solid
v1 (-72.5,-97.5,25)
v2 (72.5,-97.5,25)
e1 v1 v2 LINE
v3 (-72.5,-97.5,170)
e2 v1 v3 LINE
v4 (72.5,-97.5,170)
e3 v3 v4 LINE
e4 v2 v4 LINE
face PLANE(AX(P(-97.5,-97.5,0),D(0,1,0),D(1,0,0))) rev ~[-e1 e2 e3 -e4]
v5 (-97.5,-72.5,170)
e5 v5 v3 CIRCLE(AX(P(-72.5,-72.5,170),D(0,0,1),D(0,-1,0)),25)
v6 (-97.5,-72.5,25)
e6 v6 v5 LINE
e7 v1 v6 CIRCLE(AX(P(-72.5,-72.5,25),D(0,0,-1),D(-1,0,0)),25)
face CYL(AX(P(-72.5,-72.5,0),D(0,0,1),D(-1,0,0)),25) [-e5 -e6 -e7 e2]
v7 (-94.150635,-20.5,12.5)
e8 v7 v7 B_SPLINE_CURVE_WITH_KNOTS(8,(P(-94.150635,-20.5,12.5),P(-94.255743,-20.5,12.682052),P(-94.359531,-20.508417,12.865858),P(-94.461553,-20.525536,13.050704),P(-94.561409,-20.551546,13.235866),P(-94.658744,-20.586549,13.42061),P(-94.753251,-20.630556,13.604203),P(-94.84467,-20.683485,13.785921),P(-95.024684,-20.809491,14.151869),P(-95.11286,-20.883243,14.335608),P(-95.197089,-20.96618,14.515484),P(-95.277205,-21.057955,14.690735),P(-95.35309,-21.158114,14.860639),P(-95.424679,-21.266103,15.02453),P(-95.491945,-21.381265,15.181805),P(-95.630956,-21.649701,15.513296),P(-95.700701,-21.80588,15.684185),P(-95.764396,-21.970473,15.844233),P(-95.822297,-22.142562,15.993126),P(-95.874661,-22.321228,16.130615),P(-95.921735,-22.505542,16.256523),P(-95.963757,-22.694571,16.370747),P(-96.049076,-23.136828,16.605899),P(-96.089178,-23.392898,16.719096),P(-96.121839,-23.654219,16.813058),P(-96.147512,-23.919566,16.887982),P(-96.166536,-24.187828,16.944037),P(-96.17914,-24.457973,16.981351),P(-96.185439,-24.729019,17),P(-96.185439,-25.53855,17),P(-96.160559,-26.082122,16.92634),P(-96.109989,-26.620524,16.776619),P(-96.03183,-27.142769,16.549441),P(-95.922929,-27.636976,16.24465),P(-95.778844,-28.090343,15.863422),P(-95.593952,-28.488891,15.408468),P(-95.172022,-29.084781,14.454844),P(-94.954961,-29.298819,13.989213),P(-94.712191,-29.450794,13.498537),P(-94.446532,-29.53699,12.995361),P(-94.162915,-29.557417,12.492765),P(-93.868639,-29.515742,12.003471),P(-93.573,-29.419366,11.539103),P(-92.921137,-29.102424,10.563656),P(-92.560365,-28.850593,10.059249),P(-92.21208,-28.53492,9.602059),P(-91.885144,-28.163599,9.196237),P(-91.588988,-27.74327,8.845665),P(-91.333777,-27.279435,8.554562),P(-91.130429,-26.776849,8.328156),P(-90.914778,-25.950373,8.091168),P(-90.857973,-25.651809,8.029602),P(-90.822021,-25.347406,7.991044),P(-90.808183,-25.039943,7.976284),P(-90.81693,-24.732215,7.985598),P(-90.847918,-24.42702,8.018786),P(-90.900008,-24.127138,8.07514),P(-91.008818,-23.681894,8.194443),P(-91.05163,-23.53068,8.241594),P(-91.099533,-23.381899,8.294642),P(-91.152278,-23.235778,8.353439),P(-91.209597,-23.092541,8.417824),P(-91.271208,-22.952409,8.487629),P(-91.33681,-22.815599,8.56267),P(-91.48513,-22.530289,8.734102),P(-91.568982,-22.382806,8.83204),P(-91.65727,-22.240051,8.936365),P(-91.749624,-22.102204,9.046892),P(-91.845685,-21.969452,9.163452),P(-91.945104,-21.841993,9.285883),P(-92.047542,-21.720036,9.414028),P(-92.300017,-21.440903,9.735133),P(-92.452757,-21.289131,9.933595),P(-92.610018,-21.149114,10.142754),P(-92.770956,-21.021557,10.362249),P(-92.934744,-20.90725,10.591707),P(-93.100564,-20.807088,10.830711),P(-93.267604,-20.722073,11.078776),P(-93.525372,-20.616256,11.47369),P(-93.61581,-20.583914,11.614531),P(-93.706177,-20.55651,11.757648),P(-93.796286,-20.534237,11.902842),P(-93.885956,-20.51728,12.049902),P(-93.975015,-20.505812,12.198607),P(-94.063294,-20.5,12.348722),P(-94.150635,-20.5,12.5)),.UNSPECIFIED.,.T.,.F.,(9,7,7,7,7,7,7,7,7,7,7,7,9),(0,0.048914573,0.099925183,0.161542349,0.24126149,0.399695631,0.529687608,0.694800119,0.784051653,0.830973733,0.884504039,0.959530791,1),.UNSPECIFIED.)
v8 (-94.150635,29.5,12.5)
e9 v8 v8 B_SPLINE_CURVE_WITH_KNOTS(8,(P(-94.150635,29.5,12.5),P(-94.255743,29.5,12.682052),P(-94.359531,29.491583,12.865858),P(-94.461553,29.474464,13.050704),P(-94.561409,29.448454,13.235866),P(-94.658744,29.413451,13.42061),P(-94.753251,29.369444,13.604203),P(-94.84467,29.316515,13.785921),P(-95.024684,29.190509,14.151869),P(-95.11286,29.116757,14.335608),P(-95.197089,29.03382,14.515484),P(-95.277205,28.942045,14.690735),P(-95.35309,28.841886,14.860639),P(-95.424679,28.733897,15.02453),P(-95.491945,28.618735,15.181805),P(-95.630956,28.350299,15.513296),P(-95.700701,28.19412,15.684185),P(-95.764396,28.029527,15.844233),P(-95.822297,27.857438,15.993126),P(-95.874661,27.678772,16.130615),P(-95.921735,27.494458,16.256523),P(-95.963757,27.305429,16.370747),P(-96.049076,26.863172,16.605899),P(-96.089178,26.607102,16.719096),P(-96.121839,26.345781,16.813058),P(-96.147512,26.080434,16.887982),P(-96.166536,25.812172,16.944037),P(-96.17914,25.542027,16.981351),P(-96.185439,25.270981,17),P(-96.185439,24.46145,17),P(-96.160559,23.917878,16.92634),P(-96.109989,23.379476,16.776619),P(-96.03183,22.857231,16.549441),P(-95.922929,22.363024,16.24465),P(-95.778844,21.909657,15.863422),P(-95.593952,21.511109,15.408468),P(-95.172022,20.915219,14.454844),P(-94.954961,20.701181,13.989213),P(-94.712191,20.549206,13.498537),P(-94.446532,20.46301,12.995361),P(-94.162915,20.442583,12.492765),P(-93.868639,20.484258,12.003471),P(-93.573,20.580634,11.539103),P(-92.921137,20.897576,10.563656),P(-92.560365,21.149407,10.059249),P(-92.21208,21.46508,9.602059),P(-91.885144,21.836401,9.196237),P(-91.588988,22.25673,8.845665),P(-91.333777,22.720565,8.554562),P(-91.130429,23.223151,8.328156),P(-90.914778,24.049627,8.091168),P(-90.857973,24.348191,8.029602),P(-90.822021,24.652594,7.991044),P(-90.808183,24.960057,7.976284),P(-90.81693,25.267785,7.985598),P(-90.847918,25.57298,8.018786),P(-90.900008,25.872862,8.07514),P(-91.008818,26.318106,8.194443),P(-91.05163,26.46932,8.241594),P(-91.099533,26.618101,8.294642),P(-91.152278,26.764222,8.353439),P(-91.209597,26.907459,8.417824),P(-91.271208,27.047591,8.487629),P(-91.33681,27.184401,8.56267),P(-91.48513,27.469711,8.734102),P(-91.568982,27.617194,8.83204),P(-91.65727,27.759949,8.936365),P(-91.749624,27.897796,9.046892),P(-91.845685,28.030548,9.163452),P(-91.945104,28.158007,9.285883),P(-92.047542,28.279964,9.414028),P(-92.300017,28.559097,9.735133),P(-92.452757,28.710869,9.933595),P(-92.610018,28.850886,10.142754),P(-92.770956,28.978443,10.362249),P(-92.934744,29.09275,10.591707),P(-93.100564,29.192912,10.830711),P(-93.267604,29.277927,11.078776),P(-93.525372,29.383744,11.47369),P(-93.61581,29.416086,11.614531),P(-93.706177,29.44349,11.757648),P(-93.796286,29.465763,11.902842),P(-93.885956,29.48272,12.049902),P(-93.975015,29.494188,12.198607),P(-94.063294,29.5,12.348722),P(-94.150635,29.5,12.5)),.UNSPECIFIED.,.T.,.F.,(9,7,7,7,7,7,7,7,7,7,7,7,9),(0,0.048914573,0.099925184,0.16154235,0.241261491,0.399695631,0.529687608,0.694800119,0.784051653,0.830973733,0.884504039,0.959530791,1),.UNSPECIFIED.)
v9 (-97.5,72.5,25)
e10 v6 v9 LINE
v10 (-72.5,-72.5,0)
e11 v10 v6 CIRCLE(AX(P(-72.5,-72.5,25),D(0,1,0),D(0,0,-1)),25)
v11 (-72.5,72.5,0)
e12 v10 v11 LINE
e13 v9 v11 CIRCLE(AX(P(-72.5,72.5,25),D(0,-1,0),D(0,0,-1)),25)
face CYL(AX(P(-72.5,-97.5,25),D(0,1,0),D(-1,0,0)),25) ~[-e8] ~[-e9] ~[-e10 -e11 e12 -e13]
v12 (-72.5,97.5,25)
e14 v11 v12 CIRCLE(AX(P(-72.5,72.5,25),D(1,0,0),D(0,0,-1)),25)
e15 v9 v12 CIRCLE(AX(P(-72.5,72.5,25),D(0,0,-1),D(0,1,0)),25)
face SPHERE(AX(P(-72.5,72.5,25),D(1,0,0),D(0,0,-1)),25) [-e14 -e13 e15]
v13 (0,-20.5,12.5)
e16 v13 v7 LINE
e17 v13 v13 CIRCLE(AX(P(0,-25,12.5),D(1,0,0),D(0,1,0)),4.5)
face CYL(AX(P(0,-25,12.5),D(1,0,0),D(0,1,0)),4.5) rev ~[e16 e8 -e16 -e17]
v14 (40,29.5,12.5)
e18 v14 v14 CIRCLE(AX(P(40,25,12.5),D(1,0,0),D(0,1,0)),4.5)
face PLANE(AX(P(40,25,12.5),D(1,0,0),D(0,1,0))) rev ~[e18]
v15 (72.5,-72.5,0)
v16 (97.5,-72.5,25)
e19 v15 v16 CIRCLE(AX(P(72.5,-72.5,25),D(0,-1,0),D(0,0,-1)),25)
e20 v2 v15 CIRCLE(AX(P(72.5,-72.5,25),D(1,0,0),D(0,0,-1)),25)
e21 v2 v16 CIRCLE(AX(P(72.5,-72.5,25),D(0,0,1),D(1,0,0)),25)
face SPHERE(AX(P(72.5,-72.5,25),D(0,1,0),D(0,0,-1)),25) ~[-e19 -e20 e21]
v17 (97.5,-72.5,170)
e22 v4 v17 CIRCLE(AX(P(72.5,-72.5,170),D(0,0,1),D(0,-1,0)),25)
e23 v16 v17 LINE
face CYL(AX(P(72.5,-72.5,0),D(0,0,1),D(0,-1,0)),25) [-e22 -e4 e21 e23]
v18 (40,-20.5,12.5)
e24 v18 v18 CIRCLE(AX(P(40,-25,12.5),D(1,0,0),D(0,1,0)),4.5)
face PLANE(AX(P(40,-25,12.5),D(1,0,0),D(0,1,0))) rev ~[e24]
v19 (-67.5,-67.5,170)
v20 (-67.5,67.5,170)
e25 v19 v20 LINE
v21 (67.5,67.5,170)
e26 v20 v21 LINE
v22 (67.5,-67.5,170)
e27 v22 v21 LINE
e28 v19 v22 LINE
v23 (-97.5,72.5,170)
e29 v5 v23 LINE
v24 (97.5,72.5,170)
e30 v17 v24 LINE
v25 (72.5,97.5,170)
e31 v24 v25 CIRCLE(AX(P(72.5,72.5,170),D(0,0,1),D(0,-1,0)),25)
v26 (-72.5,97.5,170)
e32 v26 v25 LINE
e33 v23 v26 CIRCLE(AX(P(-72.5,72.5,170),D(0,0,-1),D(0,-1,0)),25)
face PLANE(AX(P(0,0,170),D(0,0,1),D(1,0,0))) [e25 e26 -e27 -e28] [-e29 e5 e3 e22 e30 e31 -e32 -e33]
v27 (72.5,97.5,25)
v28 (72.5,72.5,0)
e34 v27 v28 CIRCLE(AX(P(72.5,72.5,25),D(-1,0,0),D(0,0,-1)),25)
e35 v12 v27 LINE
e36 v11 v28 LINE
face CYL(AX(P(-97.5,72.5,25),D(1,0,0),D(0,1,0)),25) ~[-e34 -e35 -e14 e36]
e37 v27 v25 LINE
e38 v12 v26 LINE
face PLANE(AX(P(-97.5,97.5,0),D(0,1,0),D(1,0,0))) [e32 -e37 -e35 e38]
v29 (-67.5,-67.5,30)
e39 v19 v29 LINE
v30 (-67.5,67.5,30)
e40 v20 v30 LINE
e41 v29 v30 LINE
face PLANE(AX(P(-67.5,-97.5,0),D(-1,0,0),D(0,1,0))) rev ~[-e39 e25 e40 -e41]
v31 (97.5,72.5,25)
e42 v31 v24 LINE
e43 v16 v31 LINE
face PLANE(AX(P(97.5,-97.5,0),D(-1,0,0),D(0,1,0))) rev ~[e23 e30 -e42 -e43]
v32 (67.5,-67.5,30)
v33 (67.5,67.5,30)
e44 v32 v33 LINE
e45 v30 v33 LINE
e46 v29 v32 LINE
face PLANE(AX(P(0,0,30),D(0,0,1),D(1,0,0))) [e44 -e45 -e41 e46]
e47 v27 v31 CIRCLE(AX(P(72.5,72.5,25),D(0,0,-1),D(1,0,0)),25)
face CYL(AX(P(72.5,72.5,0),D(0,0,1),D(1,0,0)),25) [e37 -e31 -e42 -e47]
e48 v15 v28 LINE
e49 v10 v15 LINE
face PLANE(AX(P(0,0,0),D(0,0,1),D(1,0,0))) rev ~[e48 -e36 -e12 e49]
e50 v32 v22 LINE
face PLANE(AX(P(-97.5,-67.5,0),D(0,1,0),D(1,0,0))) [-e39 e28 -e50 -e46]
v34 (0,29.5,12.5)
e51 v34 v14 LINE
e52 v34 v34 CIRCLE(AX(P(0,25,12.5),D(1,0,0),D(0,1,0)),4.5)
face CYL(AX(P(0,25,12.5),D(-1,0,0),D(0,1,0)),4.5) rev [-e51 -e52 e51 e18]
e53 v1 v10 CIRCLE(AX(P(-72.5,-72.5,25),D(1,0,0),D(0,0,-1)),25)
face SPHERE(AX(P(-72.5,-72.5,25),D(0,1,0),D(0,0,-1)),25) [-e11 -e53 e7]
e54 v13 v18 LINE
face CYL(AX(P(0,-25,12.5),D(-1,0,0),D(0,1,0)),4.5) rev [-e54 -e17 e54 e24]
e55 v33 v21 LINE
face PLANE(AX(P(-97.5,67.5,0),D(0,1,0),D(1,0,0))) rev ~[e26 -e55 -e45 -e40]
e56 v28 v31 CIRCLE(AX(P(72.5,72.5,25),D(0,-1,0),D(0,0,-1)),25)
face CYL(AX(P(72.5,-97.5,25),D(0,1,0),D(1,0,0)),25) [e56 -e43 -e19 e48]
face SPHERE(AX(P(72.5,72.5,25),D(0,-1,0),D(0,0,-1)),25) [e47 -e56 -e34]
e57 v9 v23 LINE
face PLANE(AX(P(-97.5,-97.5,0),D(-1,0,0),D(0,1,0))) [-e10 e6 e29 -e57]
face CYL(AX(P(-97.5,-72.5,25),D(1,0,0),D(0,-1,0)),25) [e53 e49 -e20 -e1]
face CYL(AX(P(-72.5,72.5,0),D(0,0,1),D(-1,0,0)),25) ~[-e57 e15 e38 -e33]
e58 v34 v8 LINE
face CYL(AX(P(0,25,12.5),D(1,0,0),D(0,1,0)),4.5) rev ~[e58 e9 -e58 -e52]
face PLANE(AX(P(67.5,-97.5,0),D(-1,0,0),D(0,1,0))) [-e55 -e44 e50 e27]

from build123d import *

# Parameters (mm, degrees)
F0_W     = 195
F0_H     = 195
F1_DEPTH = 170
F3_R     = 25
F4_T     = -30
F2_R     = 4.5
F5_DEPTH = 195
F6_DEPTH = 40


with BuildPart() as f1:
    # F0 (on Top) → F1 (new body)
    with BuildSketch(Plane.XY):
        Rectangle(F0_W, F0_H)
    extrude(amount=F1_DEPTH)

    # F3
    f3_edges = [f1.edges().sort_by_distance(p)[0] for p in [
        (97.5, 0, 0),
        (0, 97.5, 0),
        (-97.5, 0, 0),
        (0, -97.5, 0),
        (97.5, 97.5, 85),
        (-97.5, 97.5, 85),
        (-97.5, -97.5, 85),
        (97.5, -97.5, 85),
    ]]
    fillet(f3_edges, radius=F3_R)

    # F4
    f4_openings = [f1.faces().sort_by_distance(p)[0] for p in [
        (0, 0, 170),
    ]]
    offset(amount=F4_T, openings=f4_openings)

    # F2 (on Right) → F5 (cut)
    with BuildSketch(Plane.YZ):
        with Locations((-25, 12.5)):
            Circle(F2_R)
        with Locations((25, 12.5)):
            Circle(F2_R)
    extrude(amount=-F5_DEPTH, mode=Mode.SUBTRACT)

    # F2 (on Right) → F6 (cut)
    with BuildSketch(Plane.YZ):
        with Locations((-25, 12.5)):
            Circle(F2_R)
        with Locations((25, 12.5)):
            Circle(F2_R)
    extrude(amount=F6_DEPTH, mode=Mode.SUBTRACT)


solid = f1.part
